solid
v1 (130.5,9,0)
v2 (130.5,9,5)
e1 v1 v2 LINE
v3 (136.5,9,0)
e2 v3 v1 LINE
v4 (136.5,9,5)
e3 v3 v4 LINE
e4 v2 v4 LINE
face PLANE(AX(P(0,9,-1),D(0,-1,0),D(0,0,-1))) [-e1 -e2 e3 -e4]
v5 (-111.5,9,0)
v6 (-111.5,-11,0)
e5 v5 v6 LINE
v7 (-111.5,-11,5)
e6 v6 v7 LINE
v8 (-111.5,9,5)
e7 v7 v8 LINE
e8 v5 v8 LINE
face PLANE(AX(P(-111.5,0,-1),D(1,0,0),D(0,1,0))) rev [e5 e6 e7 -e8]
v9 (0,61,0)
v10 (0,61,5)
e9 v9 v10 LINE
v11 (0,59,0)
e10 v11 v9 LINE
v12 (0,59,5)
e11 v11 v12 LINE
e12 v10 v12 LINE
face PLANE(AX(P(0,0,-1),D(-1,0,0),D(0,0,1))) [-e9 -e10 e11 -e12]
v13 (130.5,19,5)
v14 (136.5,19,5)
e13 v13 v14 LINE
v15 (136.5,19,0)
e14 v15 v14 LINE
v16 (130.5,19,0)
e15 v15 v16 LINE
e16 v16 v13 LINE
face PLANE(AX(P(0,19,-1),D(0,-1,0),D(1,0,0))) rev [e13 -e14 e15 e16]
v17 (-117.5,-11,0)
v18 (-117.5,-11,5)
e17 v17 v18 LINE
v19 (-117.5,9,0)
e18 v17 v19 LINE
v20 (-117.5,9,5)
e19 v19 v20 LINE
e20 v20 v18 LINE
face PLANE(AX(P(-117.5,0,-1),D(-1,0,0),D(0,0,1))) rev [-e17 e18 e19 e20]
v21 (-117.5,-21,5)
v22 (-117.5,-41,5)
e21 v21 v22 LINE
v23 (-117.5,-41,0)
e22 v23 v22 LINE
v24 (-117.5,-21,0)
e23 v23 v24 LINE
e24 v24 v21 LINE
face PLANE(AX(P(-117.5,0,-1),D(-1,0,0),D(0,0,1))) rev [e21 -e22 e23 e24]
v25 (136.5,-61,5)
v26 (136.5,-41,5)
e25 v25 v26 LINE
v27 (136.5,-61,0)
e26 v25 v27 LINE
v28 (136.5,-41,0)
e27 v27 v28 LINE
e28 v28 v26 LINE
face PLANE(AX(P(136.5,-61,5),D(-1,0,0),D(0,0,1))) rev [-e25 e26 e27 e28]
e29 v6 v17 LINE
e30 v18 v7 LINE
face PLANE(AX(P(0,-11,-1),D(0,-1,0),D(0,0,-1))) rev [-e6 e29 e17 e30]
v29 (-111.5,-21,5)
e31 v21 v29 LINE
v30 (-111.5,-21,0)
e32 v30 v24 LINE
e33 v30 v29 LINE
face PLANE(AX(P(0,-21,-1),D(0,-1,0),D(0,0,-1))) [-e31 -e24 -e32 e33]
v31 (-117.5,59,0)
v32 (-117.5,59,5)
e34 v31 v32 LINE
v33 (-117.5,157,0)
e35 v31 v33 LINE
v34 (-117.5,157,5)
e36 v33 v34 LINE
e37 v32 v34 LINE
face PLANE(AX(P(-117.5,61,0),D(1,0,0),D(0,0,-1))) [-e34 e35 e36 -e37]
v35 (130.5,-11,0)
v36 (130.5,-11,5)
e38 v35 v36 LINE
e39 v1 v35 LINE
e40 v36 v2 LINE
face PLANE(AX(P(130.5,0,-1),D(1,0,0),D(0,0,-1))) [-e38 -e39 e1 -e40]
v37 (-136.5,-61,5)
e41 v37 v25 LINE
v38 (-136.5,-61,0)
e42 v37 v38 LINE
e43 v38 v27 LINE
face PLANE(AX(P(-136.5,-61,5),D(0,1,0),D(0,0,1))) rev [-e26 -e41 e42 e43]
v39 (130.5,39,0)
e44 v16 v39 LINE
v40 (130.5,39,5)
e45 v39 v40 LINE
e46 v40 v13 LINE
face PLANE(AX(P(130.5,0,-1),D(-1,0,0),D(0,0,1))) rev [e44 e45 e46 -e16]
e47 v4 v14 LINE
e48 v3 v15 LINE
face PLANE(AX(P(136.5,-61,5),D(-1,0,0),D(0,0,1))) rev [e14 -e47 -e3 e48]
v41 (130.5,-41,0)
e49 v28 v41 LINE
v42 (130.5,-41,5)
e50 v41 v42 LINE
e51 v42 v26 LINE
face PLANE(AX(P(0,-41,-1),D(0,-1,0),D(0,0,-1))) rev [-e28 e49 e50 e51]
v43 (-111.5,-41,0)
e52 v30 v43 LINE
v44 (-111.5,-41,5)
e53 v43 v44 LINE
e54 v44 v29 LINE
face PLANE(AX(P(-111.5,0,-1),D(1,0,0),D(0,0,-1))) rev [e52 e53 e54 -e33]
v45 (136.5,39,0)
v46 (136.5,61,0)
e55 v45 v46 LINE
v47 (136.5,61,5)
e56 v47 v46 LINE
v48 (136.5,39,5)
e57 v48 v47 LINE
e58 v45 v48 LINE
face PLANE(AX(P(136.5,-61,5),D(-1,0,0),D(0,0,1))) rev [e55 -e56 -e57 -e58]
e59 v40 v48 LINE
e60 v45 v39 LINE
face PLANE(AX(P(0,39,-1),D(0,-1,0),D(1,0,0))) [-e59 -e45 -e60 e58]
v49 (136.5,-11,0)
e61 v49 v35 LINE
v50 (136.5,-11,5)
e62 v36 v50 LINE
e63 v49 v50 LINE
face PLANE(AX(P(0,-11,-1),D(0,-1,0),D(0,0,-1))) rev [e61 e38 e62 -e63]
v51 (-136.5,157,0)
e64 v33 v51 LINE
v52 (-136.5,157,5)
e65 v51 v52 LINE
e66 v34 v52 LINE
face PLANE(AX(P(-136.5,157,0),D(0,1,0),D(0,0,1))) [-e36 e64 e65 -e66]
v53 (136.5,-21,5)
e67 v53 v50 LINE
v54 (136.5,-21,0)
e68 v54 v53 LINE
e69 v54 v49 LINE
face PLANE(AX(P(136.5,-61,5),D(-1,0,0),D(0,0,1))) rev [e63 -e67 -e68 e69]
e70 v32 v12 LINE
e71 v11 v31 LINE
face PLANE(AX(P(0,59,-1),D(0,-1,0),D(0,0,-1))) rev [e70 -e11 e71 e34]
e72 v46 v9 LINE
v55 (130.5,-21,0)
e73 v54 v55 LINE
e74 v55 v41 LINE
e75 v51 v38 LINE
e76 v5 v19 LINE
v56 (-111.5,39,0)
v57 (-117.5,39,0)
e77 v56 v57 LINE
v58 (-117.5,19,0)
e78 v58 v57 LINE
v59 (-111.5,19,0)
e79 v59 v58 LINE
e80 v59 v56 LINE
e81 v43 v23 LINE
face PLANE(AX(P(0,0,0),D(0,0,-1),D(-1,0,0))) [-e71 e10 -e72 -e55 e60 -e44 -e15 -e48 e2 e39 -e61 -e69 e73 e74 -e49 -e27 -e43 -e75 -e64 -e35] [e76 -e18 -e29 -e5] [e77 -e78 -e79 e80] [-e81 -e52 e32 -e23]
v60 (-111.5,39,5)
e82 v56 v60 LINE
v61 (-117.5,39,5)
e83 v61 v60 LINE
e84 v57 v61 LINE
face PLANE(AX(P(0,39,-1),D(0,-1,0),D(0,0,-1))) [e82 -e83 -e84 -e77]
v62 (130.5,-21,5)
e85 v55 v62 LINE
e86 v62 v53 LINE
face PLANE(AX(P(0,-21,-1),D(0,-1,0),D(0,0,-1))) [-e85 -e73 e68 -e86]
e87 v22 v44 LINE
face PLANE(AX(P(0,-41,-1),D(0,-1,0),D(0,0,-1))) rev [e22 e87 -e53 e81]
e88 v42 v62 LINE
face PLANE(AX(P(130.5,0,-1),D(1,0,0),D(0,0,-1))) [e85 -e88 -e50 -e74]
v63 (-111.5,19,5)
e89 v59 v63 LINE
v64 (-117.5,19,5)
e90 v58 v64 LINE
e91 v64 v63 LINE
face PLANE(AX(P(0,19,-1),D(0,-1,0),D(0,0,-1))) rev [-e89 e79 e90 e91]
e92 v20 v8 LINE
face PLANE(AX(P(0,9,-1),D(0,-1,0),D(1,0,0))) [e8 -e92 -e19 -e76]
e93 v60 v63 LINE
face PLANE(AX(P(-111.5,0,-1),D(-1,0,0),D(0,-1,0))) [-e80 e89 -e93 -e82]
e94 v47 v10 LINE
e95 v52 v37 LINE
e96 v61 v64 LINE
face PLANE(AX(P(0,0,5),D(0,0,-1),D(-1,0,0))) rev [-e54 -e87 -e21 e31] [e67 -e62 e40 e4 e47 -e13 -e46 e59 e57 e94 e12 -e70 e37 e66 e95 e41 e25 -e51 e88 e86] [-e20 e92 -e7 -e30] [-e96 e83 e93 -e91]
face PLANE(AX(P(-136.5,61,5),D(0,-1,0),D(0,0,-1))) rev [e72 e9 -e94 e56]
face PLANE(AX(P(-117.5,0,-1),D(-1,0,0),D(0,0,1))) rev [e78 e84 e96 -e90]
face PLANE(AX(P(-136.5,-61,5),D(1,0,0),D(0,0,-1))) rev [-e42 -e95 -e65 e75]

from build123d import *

# Parameters (mm, degrees)
SKETCH1_W           = 273
SKETCH1_H           = 122
BOSS_EXTRUDE1_DEPTH = 5
SKETCH2_W           = 19
SKETCH2_H           = 96
BOSS_EXTRUDE2_DEPTH = 5
SKETCH3_W           = 6
SKETCH3_H           = 20
CUT_EXTRUDE1_DEPTH  = 6
SKETCH6_W           = 117.5
SKETCH6_H           = 2
CUT_EXTRUDE3_DEPTH  = 6


with BuildPart() as part:
    # Sketch1 → Boss-Extrude1 (new body)
    with BuildSketch(Plane.XY):
        Rectangle(SKETCH1_W, SKETCH1_H)
    extrude(amount=BOSS_EXTRUDE1_DEPTH)

    # Sketch2 → Boss-Extrude2 (add)
    with BuildSketch(Plane.XY.offset(5)):
        with Locations((-127, 109)):
            Rectangle(SKETCH2_W, SKETCH2_H)
    extrude(amount=-BOSS_EXTRUDE2_DEPTH)

    # Sketch3 → Cut-Extrude1 (cut)
    with BuildSketch(Plane.XY.offset(5)):
        with Locations((-114.5, 29)):
            Rectangle(SKETCH3_W, SKETCH3_H)
        with Locations((-114.5, -1)):
            Rectangle(SKETCH3_W, SKETCH3_H)
        with Locations((-114.5, -31)):
            Rectangle(SKETCH3_W, SKETCH3_H)
        with Locations((133.5, 29)):
            Rectangle(SKETCH3_W, SKETCH3_H)
        with Locations((133.5, -1)):
            Rectangle(SKETCH3_W, SKETCH3_H)
        with Locations((133.5, -31)):
            Rectangle(SKETCH3_W, SKETCH3_H)
    extrude(amount=-CUT_EXTRUDE1_DEPTH, mode=Mode.SUBTRACT)

    # Sketch6 → Cut-Extrude3 (cut)
    with BuildSketch(Plane.XY.offset(5)):
        with Locations((-58.75, 60)):
            Rectangle(SKETCH6_W, SKETCH6_H)
    extrude(amount=-CUT_EXTRUDE3_DEPTH, mode=Mode.SUBTRACT)


solid = part.part
